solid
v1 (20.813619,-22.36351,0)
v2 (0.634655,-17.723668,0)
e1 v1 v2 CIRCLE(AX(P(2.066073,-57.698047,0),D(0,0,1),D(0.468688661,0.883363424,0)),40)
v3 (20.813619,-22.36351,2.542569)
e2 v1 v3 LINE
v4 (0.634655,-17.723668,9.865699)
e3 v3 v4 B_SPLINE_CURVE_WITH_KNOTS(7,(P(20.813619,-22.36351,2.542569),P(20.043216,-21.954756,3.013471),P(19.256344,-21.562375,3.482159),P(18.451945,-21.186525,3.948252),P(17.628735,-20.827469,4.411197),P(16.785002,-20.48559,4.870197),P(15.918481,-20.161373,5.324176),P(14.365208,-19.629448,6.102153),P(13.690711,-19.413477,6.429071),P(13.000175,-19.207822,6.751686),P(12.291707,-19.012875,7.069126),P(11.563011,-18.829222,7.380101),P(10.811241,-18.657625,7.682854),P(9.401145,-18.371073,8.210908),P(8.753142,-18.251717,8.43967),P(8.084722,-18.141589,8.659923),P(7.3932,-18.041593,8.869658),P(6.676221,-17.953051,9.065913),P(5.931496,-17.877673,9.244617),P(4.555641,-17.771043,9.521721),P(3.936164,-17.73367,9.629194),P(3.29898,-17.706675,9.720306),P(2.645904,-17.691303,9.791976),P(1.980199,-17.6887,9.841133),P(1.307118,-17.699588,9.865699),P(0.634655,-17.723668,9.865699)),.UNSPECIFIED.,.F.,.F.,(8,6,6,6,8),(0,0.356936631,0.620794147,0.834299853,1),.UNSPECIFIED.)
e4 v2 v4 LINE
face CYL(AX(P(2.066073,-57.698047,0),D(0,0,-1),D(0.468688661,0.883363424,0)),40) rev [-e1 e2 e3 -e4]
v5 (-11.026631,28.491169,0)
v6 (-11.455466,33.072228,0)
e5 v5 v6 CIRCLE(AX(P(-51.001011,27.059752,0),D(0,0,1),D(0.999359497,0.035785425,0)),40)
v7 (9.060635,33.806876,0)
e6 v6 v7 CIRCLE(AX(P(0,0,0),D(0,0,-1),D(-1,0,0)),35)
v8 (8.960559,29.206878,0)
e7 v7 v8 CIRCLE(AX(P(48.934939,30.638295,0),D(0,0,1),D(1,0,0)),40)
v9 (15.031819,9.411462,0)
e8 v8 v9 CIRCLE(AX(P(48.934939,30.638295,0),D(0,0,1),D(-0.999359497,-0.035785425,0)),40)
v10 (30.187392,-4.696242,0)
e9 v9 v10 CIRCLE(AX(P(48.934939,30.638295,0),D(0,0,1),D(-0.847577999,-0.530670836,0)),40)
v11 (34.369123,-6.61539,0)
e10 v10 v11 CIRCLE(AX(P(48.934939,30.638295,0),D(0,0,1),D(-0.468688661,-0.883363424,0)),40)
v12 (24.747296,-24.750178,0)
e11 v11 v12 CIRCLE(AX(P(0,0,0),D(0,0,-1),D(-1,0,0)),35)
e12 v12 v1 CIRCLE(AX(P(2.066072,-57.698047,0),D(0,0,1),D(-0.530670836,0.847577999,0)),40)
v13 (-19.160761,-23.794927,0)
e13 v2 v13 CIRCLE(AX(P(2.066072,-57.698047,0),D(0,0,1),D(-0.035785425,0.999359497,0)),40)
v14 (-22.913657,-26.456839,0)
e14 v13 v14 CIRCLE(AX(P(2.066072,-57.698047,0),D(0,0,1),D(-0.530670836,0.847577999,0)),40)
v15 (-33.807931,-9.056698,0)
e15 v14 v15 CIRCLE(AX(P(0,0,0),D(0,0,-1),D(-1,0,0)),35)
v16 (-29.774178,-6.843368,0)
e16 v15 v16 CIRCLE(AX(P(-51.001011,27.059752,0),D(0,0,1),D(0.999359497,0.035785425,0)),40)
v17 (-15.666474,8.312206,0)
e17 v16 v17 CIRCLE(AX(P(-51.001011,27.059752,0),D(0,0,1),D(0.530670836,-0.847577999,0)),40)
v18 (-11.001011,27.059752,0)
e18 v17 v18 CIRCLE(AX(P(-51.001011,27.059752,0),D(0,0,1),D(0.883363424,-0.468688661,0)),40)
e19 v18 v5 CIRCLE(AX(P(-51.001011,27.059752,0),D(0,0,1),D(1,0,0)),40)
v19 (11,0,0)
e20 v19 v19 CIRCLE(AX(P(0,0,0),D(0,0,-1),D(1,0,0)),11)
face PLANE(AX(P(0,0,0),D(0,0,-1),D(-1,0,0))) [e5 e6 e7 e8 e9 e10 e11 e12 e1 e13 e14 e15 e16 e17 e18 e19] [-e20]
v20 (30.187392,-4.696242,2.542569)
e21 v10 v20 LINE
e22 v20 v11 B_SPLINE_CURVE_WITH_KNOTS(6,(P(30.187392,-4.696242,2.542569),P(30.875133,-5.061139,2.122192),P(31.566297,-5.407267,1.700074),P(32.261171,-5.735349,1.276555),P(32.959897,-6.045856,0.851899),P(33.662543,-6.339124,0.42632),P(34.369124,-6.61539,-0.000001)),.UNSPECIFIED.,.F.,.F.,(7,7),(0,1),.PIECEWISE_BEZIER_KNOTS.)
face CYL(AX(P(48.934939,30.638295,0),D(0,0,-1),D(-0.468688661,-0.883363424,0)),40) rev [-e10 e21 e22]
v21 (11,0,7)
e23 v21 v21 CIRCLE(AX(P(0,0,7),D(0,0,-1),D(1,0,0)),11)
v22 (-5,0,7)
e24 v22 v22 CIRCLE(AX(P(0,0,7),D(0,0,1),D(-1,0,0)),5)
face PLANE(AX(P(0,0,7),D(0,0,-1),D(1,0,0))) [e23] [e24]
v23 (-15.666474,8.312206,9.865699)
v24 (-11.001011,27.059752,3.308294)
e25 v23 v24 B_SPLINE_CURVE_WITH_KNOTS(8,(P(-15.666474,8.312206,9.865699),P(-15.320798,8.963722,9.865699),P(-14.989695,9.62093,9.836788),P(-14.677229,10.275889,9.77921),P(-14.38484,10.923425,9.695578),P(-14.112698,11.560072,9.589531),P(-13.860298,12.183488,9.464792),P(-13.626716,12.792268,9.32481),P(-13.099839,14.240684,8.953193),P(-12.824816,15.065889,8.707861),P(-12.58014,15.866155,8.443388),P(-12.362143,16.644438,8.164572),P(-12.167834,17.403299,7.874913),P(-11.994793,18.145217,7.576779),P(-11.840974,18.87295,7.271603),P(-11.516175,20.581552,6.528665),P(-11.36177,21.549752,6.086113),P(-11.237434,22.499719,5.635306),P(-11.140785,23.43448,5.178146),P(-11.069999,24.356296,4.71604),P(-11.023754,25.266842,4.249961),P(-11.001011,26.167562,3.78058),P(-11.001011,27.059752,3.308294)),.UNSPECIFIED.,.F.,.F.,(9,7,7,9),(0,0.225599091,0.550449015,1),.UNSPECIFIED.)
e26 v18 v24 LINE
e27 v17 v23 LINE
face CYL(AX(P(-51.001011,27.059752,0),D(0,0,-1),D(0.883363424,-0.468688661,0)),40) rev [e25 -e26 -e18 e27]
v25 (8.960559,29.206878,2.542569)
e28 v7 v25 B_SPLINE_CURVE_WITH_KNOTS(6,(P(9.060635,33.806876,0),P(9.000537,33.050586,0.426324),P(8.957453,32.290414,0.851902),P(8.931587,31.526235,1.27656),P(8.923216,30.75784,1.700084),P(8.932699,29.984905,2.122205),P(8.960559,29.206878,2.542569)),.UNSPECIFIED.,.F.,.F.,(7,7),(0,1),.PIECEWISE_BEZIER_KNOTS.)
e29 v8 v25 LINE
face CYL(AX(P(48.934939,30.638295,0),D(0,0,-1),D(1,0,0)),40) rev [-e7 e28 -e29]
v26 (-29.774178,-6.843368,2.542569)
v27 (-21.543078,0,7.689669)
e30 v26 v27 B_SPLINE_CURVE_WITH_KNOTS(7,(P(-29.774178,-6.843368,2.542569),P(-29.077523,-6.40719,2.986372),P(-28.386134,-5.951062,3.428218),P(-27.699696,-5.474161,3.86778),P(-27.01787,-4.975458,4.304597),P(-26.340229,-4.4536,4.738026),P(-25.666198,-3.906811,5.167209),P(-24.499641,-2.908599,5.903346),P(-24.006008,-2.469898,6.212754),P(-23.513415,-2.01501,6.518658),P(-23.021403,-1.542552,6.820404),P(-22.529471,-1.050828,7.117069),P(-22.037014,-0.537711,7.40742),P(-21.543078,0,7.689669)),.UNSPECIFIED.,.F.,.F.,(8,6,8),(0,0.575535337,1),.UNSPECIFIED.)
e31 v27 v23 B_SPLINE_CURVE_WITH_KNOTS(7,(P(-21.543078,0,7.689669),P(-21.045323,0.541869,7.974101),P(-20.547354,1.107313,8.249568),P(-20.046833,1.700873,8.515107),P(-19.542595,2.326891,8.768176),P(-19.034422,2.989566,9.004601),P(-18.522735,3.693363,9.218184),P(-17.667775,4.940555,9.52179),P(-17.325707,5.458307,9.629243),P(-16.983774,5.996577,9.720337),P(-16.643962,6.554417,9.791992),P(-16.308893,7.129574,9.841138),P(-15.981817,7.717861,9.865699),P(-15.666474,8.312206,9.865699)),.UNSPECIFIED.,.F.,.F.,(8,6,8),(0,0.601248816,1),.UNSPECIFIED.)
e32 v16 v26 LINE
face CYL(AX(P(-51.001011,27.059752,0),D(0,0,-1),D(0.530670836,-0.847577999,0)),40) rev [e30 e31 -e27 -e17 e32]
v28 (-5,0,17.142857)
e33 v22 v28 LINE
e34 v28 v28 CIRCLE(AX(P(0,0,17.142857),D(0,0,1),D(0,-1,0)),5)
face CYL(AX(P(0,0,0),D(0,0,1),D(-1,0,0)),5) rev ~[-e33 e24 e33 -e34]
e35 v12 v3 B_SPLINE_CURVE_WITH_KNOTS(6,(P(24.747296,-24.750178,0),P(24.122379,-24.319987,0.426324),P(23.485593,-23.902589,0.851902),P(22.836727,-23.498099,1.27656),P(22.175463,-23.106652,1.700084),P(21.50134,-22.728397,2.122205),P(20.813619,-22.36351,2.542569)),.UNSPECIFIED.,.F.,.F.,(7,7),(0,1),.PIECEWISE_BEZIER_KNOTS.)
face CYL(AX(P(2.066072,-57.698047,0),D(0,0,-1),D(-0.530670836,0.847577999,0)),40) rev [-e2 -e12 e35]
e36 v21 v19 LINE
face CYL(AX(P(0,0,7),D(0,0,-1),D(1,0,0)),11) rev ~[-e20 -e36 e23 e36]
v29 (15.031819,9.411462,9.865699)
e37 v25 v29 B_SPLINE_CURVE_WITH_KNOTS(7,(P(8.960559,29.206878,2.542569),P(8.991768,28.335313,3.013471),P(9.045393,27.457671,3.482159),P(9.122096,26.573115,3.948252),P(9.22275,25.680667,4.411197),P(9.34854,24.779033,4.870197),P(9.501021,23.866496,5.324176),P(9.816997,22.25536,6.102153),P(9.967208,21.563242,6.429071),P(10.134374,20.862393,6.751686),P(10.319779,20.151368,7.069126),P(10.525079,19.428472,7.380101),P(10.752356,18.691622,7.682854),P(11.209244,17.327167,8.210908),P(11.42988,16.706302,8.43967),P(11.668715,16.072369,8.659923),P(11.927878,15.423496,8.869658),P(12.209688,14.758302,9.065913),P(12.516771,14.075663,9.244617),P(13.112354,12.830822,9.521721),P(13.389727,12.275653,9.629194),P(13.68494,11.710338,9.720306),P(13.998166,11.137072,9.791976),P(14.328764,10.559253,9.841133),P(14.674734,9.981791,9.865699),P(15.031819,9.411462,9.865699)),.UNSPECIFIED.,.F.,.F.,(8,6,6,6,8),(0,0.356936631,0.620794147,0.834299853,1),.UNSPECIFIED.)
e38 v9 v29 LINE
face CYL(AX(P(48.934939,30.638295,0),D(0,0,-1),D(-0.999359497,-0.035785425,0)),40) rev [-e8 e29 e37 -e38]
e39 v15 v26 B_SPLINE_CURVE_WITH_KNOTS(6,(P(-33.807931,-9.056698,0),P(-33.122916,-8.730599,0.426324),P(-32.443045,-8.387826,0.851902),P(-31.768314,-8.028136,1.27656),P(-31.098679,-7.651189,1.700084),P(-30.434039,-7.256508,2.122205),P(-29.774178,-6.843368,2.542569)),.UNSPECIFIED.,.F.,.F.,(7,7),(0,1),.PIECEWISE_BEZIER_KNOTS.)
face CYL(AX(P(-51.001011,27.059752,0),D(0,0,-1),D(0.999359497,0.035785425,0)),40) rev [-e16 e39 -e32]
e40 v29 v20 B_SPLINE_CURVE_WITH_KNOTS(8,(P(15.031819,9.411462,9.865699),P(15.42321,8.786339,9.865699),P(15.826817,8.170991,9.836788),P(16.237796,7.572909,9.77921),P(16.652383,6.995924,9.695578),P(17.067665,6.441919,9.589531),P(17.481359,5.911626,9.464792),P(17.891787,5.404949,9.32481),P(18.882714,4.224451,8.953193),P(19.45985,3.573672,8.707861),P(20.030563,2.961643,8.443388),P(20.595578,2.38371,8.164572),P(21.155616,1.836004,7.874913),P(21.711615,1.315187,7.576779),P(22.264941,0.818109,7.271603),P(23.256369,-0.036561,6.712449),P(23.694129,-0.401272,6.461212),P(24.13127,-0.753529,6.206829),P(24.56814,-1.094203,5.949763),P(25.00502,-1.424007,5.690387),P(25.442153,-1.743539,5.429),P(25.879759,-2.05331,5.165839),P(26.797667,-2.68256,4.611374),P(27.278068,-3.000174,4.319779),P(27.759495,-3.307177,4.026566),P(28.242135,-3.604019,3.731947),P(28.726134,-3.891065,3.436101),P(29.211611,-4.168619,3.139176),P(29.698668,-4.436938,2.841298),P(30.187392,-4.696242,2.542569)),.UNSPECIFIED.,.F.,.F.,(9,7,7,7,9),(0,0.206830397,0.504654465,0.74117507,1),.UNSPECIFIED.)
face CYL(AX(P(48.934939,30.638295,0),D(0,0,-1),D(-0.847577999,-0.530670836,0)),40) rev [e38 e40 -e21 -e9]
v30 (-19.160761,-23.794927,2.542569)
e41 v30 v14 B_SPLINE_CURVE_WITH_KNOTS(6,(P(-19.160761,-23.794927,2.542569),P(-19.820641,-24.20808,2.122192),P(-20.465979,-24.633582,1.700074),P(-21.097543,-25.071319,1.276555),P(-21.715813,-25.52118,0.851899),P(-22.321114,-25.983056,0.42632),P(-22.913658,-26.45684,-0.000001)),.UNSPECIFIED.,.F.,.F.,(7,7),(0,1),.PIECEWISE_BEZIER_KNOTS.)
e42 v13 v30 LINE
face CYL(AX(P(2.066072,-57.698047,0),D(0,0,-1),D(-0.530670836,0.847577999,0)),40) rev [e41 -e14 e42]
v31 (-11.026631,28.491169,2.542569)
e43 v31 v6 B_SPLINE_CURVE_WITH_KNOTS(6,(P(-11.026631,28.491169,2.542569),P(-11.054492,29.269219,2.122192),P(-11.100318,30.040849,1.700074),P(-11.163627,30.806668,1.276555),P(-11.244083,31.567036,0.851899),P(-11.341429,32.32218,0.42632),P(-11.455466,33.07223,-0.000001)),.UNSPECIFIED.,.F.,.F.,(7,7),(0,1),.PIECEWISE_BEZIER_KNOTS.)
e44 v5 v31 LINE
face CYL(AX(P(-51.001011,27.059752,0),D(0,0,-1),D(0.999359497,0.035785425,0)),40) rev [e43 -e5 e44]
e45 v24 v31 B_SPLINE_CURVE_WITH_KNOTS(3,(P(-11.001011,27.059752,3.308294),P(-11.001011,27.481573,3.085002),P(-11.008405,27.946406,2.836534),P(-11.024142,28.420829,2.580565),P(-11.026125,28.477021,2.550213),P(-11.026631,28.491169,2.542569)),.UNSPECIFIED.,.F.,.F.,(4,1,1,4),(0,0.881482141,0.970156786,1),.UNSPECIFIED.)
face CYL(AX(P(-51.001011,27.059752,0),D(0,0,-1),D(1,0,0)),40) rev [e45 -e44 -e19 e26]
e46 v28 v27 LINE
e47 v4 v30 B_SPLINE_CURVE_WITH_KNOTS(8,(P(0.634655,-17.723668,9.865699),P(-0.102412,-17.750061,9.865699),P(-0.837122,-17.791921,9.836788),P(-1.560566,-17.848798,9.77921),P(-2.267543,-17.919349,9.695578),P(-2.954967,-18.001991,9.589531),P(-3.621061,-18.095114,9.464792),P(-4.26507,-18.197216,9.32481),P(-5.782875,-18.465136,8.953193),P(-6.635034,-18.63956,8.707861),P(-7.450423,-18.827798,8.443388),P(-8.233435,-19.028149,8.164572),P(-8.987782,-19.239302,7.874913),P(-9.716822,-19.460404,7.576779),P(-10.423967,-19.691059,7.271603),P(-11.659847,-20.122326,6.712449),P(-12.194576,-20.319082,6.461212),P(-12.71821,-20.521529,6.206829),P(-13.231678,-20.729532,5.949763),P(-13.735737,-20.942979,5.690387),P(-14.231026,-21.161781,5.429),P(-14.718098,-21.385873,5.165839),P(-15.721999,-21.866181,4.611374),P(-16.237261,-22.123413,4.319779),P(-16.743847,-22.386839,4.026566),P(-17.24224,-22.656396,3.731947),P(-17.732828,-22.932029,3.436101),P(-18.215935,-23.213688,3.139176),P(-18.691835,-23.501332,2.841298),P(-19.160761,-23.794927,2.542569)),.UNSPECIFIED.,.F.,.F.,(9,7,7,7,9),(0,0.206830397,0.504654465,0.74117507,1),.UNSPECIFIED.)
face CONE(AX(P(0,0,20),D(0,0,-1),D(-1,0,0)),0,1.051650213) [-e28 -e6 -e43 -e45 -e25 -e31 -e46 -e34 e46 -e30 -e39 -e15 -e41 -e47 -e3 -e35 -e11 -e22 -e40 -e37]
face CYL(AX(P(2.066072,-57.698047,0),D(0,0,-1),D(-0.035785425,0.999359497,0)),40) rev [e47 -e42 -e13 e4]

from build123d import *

# Parameters (mm, degrees)
F3_DEPTH       = 25
F4_D           = 10
F4_CBORE_D     = 22
F4_CBORE_DEPTH = 7


with BuildPart() as f1:
    # F0 (on Front) → F1 (revolve)
    with BuildSketch(Plane.XZ):
        Polygon((-35, 0), (0, 0), (0, 20), align=None)
    revolve(axis=Axis((0, 0, 10), (0, 0, -1)))

    # F2 (on Top) → F3 (cut)
    with BuildSketch(Plane.XY):
        with BuildLine():
            Line((2.0660725, -57.6980474345), (20.8136189308, -22.3635104654))
            ThreePointArc((20.8136189308, -22.3635104654), (11.0295606596, -18.7152835508), (0.6346554831, -17.7236675729))
            Line((0.6346554831, -17.7236675729), (2.0660725, -57.6980474345))
        make_face()
        with BuildLine():
            ThreePointArc((-19.1607609308, -23.7949274822), (-17.310803703, -92.6914277888), (42.0660725, -57.6980474345))
            ThreePointArc((42.0660725, -57.6980474345), (36.3436297148, -37.0813291849), (20.8136189308, -22.3635104654))
            Line((20.8136189308, -22.3635104654), (2.0660725, -57.6980474345))
            Line((2.0660725, -57.6980474345), (-19.1607609308, -23.7949274822))
        make_face()
        with BuildLine():
            ThreePointArc((0.6346554831, -17.7236675729), (-9.6627009891, -19.4562395217), (-19.1607609308, -23.7949274822))
            Line((-19.1607609308, -23.7949274822), (2.0660725, -57.6980474345))
            Line((2.0660725, -57.6980474345), (0.6346554831, -17.7236675729))
        make_face()
        with BuildLine():
            Line((48.9349385771, 30.6382949883), (30.1873921462, -4.6962419808))
            ThreePointArc((30.1873921462, -4.6962419808), (69.5516568267, -3.6392622266), (88.9349385771, 30.6382949883))
            ThreePointArc((88.9349385771, 30.6382949883), (48.2191154377, 70.6318894408), (8.9605587154, 29.2068779715))
            Line((8.9605587154, 29.2068779715), (48.9349385771, 30.6382949883))
        make_face()
        with BuildLine():
            ThreePointArc((8.9605587154, 29.2068779715), (10.6931306643, 18.9095214992), (15.0318186248, 9.4114615575))
            Line((15.0318186248, 9.4114615575), (48.9349385771, 30.6382949883))
            Line((48.9349385771, 30.6382949883), (8.9605587154, 29.2068779715))
        make_face()
        with BuildLine():
            ThreePointArc((15.0318186248, 9.4114615575), (21.6809481825, 1.3599752351), (30.1873921462, -4.6962419808))
            Line((30.1873921462, -4.6962419808), (48.9349385771, 30.6382949883))
            Line((48.9349385771, 30.6382949883), (15.0318186248, 9.4114615575))
        make_face()
        with BuildLine():
            ThreePointArc((-11.0266312154, 28.4911694631), (-86.3355480462, 45.8072988771), (-29.7741776462, -6.8433675061))
            Line((-29.7741776462, -6.8433675061), (-51.001011077, 27.0597524462))
            Line((-51.001011077, 27.0597524462), (-11.0266312154, 28.4911694631))
        make_face()
        with BuildLine():
            ThreePointArc((-11.001011077, 27.0597524462), (-11.0074166245, 27.7755755856), (-11.0266312154, 28.4911694631))
            Line((-11.0266312154, 28.4911694631), (-51.001011077, 27.0597524462))
            Line((-51.001011077, 27.0597524462), (-15.6664741079, 8.3122060154))
            ThreePointArc((-15.6664741079, 8.3122060154), (-12.1848966478, 17.4000805772), (-11.001011077, 27.0597524462))
        make_face()
        with BuildLine():
            Line((-51.001011077, 27.0597524462), (-29.7741776462, -6.8433675061))
            ThreePointArc((-29.7741776462, -6.8433675061), (-21.7226913238, -0.1942379484), (-15.6664741079, 8.3122060154))
            Line((-15.6664741079, 8.3122060154), (-51.001011077, 27.0597524462))
        make_face()
    extrude(amount=F3_DEPTH, mode=Mode.SUBTRACT)

    # F4 (through all)
    with Locations(Plane(origin=(0, 0, 0), x_dir=(1, 0, 0), z_dir=(0, 0, -1))):
        with Locations((0, 0)):
            CounterBoreHole(F4_D / 2, F4_CBORE_D / 2, F4_CBORE_DEPTH)


solid = f1.part
